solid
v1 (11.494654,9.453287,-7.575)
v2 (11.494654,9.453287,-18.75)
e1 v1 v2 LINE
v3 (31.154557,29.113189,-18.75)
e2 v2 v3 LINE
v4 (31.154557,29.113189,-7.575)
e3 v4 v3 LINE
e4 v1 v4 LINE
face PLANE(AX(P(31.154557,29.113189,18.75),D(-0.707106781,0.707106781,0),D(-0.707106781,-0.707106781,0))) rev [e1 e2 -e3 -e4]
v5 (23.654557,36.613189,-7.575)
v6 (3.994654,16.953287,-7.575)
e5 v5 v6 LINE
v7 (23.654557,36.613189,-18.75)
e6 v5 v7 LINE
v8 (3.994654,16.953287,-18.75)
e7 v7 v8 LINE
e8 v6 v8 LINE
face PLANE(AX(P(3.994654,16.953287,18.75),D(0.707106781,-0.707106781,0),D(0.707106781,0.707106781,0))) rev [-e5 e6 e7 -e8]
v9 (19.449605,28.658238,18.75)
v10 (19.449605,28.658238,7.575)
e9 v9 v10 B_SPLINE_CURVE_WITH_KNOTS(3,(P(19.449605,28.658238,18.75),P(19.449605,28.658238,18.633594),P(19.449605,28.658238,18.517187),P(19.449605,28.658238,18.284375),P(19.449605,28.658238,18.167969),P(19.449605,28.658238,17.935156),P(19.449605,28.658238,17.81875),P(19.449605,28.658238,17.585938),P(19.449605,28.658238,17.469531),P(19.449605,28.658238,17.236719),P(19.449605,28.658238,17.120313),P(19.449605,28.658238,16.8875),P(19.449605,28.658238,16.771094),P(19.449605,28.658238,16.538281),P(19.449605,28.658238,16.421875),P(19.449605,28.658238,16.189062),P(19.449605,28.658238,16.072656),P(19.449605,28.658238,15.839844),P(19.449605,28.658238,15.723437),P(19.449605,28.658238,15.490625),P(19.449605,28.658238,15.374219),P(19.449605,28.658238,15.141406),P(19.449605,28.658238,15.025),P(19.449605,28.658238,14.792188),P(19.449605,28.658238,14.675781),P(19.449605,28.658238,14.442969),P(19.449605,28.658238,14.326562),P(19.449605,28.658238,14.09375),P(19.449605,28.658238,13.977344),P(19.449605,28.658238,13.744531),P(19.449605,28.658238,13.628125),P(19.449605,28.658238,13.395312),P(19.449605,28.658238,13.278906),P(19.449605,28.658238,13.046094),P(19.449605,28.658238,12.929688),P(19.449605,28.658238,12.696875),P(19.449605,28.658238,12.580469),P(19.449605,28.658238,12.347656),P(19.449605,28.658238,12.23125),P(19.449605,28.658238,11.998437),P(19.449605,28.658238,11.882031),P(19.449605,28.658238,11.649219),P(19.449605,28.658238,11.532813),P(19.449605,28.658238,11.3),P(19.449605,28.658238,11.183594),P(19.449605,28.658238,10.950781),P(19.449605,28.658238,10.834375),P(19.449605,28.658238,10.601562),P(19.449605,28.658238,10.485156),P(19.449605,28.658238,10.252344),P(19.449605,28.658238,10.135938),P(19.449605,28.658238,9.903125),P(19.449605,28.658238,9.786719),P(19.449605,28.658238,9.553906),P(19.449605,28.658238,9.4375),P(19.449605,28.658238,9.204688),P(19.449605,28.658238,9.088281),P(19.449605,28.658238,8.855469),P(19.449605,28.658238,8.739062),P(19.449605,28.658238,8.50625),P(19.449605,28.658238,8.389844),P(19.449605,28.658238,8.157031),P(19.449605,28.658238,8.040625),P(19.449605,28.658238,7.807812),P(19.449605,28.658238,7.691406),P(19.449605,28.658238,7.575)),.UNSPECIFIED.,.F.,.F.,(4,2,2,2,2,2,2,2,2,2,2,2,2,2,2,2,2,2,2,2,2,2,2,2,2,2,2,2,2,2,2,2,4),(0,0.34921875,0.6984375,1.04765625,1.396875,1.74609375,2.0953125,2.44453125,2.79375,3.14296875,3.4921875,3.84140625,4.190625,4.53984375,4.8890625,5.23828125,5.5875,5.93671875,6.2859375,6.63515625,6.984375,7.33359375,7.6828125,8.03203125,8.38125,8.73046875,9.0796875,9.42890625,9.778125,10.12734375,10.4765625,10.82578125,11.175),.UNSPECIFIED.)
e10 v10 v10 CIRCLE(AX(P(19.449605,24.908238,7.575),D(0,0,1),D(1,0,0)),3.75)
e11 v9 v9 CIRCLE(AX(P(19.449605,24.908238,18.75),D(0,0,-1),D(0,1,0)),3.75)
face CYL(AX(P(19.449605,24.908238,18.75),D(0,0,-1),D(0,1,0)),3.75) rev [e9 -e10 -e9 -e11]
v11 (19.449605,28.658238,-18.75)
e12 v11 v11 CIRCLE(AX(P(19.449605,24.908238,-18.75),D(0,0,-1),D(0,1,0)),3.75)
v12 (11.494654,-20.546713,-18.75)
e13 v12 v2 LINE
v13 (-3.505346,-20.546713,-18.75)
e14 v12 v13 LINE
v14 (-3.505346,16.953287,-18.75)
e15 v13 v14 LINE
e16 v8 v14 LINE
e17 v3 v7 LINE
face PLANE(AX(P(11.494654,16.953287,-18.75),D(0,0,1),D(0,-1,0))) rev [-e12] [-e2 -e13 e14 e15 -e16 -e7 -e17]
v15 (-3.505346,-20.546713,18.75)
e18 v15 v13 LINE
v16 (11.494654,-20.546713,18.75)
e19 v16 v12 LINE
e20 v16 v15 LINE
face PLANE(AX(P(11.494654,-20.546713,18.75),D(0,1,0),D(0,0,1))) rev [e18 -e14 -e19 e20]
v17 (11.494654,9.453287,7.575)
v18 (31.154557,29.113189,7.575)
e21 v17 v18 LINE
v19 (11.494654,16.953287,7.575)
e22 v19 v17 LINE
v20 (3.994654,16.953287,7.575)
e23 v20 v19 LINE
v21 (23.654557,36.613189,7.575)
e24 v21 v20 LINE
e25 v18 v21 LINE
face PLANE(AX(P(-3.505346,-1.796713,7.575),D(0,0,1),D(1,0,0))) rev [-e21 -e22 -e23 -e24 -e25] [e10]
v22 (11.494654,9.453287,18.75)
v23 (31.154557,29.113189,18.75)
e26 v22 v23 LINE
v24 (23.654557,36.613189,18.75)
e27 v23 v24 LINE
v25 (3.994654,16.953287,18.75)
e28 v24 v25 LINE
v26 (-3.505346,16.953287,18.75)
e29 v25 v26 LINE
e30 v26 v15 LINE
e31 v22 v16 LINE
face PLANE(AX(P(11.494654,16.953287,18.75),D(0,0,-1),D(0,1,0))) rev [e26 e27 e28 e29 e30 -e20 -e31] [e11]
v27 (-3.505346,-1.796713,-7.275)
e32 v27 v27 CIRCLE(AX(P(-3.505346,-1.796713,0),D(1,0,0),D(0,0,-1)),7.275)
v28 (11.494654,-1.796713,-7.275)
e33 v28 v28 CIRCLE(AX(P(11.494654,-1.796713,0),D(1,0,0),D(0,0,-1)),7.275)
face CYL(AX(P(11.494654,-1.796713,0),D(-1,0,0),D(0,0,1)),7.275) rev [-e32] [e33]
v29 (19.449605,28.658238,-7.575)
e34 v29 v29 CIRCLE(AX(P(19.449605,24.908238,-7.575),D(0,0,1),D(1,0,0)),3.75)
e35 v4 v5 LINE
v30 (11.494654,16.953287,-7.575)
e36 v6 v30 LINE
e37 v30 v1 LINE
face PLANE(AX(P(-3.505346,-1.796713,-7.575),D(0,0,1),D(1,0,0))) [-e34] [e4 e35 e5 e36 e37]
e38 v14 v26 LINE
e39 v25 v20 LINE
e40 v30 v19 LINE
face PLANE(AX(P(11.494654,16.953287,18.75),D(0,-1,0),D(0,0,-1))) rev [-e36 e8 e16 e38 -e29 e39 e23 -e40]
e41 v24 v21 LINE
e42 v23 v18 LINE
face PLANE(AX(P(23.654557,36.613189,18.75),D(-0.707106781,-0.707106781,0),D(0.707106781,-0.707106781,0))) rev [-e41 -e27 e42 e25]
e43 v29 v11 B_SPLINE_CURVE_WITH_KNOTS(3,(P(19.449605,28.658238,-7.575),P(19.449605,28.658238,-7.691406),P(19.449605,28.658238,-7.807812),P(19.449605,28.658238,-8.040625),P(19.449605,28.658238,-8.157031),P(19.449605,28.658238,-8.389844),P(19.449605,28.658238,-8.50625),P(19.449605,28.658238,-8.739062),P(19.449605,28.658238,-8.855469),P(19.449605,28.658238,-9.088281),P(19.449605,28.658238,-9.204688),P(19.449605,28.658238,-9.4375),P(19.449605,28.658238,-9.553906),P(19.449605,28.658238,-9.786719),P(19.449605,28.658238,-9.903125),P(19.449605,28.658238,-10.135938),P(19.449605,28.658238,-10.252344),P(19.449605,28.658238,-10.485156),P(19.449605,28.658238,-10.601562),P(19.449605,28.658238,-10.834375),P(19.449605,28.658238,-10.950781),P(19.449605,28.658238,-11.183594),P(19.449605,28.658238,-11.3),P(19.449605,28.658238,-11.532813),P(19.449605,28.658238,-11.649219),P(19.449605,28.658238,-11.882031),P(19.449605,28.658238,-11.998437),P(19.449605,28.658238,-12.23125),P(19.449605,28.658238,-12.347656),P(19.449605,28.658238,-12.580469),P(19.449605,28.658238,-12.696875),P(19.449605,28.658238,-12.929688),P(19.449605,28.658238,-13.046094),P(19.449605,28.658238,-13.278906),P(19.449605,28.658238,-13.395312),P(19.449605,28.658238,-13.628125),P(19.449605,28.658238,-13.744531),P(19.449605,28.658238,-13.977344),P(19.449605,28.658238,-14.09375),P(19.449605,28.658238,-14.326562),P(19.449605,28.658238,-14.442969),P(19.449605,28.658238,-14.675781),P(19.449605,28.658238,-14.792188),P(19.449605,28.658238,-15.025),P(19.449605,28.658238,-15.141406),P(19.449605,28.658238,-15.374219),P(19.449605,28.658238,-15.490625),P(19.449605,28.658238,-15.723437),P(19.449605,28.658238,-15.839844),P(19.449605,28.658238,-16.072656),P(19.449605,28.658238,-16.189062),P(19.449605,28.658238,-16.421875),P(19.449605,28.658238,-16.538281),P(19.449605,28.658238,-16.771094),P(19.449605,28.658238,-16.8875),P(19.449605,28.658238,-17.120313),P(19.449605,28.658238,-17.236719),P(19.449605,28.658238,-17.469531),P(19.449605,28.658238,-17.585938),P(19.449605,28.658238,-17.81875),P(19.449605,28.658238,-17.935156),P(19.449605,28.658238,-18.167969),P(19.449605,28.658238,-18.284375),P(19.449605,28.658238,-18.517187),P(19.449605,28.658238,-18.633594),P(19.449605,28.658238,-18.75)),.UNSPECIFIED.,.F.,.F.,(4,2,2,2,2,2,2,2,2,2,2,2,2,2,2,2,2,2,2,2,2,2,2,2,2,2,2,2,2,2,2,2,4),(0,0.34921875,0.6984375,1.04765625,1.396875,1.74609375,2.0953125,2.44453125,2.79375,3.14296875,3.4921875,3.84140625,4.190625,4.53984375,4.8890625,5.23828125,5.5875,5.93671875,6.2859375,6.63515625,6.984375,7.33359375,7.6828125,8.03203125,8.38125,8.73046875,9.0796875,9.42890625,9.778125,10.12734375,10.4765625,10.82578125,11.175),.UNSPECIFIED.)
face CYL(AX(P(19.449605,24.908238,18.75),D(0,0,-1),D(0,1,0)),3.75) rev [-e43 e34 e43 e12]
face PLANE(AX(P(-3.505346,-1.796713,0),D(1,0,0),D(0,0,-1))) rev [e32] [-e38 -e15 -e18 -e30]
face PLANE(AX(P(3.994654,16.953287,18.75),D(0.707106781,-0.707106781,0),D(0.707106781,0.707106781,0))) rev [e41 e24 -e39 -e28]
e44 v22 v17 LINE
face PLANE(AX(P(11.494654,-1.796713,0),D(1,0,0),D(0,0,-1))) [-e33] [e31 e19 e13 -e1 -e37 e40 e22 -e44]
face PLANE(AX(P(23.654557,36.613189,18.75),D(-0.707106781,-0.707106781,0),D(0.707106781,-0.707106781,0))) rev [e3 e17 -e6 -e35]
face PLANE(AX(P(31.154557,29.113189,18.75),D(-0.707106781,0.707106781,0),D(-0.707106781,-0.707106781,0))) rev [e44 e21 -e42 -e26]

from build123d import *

# Parameters (mm, degrees)
SKETCH1_W           = 25
SKETCH1_H           = 25
SKETCH1_R           = 4.85
BOSS_EXTRUDE1_DEPTH = 10
BOSS_EXTRUDE2_DEPTH = 12.5
CUT_EXTRUDE1_DEPTH  = 5.05
SKETCH4_R           = 2.5
CUT_EXTRUDE2_DEPTH  = 43.598275722
SCALE1_SCALE        = 1.5


with BuildPart() as part:
    # Sketch1 → Boss-Extrude1 (new body)
    with BuildSketch(Plane(origin=(0, 0, 0), x_dir=(0, 0, -1), z_dir=(1, 0, 0))):
        Rectangle(SKETCH1_W, SKETCH1_H)
        Circle(SKETCH1_R, mode=Mode.SUBTRACT)
    extrude(amount=BOSS_EXTRUDE1_DEPTH)

    # Sketch2 → Boss-Extrude2 (add, symmetric)
    with BuildSketch(Plane.XY):
        Polygon((5, 12.5), (18.106601718, 25.606601718), (23.106601718, 20.606601718), (10, 7.5), (10, 12.5), align=None)
    extrude(amount=BOSS_EXTRUDE2_DEPTH, both=True)

    # Sketch3 → Cut-Extrude1 (cut, symmetric)
    with BuildSketch(Plane.XY):
        Polygon((23.106601718, 20.606601718), (18.106601718, 25.606601718), (5, 12.5), (10, 12.5), (10, 7.5), align=None)
    extrude(amount=CUT_EXTRUDE1_DEPTH, both=True, mode=Mode.SUBTRACT)

    # Sketch4 → Cut-Extrude2 (cut, through all)
    with BuildSketch(Plane(origin=(0, 0, -12.5), x_dir=(-1, 0, 0), z_dir=(0, 0, -1))):
        with Locations(Location((-15.303300859, 17.803300859, 0), (0, 0, 90))):
            Circle(SKETCH4_R)
    extrude(amount=-CUT_EXTRUDE2_DEPTH, mode=Mode.SUBTRACT)


with BuildPart() as part_1:
    # Scale1: scaled about (7.010691975, 3.593426571, 0)
    add(part.part.scale(SCALE1_SCALE).moved(Location((-3.505345988, -1.796713286, 0))))


solid = part_1.part
